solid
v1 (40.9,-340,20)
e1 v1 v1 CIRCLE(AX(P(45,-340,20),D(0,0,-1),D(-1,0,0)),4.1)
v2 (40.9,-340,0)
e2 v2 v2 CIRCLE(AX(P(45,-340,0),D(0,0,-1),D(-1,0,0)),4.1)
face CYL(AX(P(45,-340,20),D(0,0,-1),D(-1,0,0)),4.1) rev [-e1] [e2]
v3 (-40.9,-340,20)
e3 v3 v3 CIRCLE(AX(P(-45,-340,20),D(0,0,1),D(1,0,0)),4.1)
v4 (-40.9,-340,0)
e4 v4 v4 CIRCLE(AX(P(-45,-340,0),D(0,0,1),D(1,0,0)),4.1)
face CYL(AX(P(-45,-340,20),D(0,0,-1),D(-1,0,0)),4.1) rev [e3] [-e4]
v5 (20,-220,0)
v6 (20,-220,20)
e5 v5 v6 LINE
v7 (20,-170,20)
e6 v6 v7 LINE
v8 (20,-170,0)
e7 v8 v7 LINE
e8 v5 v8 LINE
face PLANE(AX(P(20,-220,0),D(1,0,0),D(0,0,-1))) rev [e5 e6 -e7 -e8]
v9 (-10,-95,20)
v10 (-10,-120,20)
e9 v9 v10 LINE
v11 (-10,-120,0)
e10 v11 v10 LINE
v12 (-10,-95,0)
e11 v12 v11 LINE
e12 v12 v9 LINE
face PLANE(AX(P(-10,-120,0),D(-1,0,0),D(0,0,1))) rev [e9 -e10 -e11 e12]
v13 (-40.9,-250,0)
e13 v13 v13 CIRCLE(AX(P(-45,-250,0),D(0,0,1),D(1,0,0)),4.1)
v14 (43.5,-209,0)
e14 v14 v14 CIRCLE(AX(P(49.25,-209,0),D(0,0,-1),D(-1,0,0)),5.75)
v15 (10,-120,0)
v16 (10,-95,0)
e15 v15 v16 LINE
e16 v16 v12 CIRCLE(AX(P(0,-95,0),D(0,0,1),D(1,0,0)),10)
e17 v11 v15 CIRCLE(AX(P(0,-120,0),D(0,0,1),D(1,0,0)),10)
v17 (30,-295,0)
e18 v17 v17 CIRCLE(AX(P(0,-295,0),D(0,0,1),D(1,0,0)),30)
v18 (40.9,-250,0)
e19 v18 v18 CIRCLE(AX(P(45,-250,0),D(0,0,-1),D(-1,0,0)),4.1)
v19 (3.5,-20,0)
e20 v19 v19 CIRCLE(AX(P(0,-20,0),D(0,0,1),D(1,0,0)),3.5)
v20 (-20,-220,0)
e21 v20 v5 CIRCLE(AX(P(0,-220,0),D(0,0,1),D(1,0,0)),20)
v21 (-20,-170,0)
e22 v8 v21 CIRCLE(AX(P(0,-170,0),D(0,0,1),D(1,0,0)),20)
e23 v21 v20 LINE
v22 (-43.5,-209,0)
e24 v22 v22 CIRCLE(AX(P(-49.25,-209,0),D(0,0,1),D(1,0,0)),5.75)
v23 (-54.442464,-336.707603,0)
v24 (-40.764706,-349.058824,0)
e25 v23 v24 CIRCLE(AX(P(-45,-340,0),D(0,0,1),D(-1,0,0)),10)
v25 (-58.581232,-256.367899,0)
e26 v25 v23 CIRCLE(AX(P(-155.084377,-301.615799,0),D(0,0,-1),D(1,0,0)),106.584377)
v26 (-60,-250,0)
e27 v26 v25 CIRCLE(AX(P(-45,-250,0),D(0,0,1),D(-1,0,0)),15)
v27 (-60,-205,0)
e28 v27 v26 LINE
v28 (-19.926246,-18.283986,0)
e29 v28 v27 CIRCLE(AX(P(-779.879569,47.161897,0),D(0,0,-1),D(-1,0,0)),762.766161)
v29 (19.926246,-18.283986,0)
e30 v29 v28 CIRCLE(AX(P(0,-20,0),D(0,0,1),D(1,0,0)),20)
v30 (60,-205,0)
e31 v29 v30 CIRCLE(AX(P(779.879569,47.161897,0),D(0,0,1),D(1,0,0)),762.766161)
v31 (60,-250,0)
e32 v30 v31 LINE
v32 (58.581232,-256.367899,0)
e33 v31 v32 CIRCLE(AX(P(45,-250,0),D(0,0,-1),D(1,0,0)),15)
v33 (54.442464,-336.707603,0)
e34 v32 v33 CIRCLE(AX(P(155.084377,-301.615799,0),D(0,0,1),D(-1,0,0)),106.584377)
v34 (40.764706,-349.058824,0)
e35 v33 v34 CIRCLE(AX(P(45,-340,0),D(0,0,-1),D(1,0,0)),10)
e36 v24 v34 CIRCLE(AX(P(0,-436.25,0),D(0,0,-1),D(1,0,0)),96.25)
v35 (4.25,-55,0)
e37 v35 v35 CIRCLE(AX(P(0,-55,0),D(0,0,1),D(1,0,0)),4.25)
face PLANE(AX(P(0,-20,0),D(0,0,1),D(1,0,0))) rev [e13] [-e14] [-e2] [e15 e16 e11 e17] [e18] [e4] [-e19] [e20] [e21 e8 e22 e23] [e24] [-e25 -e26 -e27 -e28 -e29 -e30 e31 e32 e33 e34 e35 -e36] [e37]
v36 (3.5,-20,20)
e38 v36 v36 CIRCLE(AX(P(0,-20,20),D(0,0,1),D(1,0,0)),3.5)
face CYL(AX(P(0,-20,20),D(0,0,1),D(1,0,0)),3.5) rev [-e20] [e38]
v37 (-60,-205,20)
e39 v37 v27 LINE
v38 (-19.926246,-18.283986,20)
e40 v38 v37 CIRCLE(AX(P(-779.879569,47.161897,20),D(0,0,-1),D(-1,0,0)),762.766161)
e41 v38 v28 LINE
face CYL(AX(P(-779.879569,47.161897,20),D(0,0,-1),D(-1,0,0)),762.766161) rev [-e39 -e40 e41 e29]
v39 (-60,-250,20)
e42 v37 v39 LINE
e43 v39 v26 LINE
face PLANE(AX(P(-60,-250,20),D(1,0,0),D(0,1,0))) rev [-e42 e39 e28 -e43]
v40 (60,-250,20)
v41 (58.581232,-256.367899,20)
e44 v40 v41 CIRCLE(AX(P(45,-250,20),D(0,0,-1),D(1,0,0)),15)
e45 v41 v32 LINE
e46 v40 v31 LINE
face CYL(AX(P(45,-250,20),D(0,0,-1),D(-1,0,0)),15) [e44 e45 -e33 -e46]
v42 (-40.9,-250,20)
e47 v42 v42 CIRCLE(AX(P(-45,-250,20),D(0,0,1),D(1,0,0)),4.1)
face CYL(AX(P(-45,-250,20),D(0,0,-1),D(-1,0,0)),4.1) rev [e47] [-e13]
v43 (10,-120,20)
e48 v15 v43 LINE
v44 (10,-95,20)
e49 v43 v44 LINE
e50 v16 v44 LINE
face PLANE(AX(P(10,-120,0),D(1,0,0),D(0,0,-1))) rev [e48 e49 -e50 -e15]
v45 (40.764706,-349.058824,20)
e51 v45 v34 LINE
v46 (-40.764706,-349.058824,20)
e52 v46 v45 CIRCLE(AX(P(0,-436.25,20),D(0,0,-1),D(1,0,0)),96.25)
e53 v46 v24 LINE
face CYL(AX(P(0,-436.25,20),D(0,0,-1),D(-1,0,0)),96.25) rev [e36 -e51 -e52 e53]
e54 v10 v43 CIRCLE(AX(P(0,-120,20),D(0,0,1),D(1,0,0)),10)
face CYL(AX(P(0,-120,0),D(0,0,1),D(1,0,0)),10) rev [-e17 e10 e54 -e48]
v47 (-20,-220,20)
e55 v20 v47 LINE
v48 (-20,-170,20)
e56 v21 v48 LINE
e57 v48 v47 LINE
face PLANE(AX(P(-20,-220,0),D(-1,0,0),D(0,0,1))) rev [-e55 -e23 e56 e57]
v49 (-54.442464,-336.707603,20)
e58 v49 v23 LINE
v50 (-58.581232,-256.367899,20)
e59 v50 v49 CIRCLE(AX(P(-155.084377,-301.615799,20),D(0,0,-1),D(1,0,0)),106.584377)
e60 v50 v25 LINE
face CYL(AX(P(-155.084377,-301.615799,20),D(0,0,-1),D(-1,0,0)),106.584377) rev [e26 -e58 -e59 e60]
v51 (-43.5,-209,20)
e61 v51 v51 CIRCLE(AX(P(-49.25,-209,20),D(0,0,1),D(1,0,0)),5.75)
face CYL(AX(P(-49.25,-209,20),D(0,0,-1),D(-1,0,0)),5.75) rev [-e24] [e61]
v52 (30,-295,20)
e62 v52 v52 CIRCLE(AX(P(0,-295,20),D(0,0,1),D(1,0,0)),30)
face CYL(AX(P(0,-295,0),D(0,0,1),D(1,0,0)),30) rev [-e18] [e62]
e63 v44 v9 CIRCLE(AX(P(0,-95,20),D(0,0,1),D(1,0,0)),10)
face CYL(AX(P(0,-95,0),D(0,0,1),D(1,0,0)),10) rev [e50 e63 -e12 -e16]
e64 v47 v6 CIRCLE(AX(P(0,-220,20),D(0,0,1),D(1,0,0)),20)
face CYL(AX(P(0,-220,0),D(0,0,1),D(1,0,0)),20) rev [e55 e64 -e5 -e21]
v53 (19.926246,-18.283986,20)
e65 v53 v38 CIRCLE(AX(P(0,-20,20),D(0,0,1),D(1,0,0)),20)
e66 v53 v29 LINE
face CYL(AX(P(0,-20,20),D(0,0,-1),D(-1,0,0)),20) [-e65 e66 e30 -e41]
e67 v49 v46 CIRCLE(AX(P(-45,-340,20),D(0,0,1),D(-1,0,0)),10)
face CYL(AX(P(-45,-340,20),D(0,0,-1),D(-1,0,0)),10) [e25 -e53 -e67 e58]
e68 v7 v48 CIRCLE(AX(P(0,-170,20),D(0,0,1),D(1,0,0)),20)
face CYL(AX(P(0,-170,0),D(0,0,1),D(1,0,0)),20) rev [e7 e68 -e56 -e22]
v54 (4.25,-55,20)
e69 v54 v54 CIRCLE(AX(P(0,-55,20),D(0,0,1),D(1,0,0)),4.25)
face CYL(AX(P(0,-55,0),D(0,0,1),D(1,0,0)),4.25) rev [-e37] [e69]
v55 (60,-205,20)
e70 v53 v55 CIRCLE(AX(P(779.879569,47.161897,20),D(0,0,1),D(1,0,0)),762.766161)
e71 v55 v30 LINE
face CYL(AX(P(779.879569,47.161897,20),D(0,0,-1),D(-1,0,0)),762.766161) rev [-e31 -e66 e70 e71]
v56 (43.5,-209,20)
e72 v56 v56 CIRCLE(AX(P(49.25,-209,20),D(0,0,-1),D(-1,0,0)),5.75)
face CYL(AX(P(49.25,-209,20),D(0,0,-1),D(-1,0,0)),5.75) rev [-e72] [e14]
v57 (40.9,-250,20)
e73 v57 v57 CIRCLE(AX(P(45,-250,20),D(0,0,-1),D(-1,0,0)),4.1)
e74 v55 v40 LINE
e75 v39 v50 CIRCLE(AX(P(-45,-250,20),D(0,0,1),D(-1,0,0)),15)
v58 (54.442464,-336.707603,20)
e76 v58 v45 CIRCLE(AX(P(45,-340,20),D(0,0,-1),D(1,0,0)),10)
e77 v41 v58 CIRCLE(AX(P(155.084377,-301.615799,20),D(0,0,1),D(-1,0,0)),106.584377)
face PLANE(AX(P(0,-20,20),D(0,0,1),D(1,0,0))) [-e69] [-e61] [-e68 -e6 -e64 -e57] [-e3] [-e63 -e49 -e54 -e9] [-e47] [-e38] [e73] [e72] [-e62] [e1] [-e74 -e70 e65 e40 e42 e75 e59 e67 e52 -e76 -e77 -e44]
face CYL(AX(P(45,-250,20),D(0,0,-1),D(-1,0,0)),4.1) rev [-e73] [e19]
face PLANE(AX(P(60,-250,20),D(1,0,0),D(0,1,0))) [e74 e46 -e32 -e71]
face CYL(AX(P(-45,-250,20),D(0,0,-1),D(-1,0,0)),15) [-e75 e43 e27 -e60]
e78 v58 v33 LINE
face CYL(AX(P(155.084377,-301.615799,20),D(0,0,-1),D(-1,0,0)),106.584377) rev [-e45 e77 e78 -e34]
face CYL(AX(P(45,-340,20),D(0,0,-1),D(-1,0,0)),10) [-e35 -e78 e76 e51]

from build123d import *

# Parameters (mm, degrees)
ESQUISSE1_R             = 4.1
ESQUISSE1_R_2           = 5.75
BOSS_EXTRU_1_DEPTH      = 20
ESQUISSE2_R             = 30
ENL_V_MAT_EXTRU_1_DEPTH = 20
ENL_V_MAT_EXTRU_2_DEPTH = 20
ENL_V_MAT_EXTRU_3_DEPTH = 20
ESQUISSE5_R             = 4.25
ENL_V_MAT_EXTRU_4_DEPTH = 20
TROU_TARAUD_M8X1_01_D   = 7


with BuildPart() as part:
    # Esquisse1 → Boss.-Extru.1 (new body)
    with BuildSketch(Plane.XY):
        with BuildLine():
            Line((0, 0), (0, -340))
            ThreePointArc((0, -340), (-20.879556565, -342.291995457), (-40.764705882, -349.058823529))
            ThreePointArc((-40.764705882, -349.058823529), (-51.70200076, -347.421804754), (-54.442463892, -336.707603359))
            ThreePointArc((-54.442463892, -336.707603359), (-48.641150346, -296.132285263), (-58.581232197, -256.367898556))
            ThreePointArc((-58.581232197, -256.367898556), (-59.641012311, -253.262017554), (-60, -250))
            Line((-60, -250), (-60, -205))
            ThreePointArc((-60, -205), (-34.0967157, -112.901065178), (-19.926246382, -18.283985684))
            ThreePointArc((-19.926246382, -18.283985684), (-13.521828901, -5.263645527), (0, 0))
        make_face()
        with Locations((-45, -340)):
            Circle(ESQUISSE1_R, mode=Mode.SUBTRACT)
        with Locations((-45, -250)):
            Circle(ESQUISSE1_R, mode=Mode.SUBTRACT)
        with Locations((-49.25, -209)):
            Circle(ESQUISSE1_R_2, mode=Mode.SUBTRACT)
    boss_extru_1 = extrude(amount=BOSS_EXTRU_1_DEPTH)

    # Symétrie1: Boss.-Extru.1 across plane
    add(boss_extru_1.mirror(Plane(origin=(0, 0, 20), x_dir=(0, 0, 1), z_dir=(-1, 0, 0))))

    # Esquisse2 → Enlèv. mat.-Extru.1 (cut)
    with BuildSketch(Plane.XY.offset(20)):
        with Locations((0, -295)):
            Circle(ESQUISSE2_R)
    extrude(amount=-ENL_V_MAT_EXTRU_1_DEPTH, mode=Mode.SUBTRACT)

    # Esquisse3 → Enlèv. mat.-Extru.2 (cut)
    with BuildSketch(Plane.XY.offset(20)):
        with BuildLine():
            Line((-20, -220), (-20, -170))
            ThreePointArc((-20, -170), (0, -150), (20, -170))
            Line((20, -170), (20, -220))
            ThreePointArc((20, -220), (0, -240), (-20, -220))
        make_face()
    extrude(amount=-ENL_V_MAT_EXTRU_2_DEPTH, mode=Mode.SUBTRACT)

    # Esquisse4 → Enlèv. mat.-Extru.3 (cut)
    with BuildSketch(Plane.XY.offset(20)):
        with BuildLine():
            Line((-10, -120), (-10, -95))
            ThreePointArc((-10, -95), (0, -85), (10, -95))
            Line((10, -95), (10, -120))
            ThreePointArc((10, -120), (0, -130), (-10, -120))
        make_face()
    extrude(amount=-ENL_V_MAT_EXTRU_3_DEPTH, mode=Mode.SUBTRACT)

    # Esquisse5 → Enlèv. mat.-Extru.4 (cut)
    with BuildSketch(Plane.XY.offset(20)):
        with Locations((0, -55)):
            Circle(ESQUISSE5_R)
    extrude(amount=-ENL_V_MAT_EXTRU_4_DEPTH, mode=Mode.SUBTRACT)

    # Trou taraudé M8x1.01 (through all)
    with Locations(Plane.XY.offset(20)):
        with Locations((0, -20)):
            Hole(TROU_TARAUD_M8X1_01_D / 2)


solid = part.part
